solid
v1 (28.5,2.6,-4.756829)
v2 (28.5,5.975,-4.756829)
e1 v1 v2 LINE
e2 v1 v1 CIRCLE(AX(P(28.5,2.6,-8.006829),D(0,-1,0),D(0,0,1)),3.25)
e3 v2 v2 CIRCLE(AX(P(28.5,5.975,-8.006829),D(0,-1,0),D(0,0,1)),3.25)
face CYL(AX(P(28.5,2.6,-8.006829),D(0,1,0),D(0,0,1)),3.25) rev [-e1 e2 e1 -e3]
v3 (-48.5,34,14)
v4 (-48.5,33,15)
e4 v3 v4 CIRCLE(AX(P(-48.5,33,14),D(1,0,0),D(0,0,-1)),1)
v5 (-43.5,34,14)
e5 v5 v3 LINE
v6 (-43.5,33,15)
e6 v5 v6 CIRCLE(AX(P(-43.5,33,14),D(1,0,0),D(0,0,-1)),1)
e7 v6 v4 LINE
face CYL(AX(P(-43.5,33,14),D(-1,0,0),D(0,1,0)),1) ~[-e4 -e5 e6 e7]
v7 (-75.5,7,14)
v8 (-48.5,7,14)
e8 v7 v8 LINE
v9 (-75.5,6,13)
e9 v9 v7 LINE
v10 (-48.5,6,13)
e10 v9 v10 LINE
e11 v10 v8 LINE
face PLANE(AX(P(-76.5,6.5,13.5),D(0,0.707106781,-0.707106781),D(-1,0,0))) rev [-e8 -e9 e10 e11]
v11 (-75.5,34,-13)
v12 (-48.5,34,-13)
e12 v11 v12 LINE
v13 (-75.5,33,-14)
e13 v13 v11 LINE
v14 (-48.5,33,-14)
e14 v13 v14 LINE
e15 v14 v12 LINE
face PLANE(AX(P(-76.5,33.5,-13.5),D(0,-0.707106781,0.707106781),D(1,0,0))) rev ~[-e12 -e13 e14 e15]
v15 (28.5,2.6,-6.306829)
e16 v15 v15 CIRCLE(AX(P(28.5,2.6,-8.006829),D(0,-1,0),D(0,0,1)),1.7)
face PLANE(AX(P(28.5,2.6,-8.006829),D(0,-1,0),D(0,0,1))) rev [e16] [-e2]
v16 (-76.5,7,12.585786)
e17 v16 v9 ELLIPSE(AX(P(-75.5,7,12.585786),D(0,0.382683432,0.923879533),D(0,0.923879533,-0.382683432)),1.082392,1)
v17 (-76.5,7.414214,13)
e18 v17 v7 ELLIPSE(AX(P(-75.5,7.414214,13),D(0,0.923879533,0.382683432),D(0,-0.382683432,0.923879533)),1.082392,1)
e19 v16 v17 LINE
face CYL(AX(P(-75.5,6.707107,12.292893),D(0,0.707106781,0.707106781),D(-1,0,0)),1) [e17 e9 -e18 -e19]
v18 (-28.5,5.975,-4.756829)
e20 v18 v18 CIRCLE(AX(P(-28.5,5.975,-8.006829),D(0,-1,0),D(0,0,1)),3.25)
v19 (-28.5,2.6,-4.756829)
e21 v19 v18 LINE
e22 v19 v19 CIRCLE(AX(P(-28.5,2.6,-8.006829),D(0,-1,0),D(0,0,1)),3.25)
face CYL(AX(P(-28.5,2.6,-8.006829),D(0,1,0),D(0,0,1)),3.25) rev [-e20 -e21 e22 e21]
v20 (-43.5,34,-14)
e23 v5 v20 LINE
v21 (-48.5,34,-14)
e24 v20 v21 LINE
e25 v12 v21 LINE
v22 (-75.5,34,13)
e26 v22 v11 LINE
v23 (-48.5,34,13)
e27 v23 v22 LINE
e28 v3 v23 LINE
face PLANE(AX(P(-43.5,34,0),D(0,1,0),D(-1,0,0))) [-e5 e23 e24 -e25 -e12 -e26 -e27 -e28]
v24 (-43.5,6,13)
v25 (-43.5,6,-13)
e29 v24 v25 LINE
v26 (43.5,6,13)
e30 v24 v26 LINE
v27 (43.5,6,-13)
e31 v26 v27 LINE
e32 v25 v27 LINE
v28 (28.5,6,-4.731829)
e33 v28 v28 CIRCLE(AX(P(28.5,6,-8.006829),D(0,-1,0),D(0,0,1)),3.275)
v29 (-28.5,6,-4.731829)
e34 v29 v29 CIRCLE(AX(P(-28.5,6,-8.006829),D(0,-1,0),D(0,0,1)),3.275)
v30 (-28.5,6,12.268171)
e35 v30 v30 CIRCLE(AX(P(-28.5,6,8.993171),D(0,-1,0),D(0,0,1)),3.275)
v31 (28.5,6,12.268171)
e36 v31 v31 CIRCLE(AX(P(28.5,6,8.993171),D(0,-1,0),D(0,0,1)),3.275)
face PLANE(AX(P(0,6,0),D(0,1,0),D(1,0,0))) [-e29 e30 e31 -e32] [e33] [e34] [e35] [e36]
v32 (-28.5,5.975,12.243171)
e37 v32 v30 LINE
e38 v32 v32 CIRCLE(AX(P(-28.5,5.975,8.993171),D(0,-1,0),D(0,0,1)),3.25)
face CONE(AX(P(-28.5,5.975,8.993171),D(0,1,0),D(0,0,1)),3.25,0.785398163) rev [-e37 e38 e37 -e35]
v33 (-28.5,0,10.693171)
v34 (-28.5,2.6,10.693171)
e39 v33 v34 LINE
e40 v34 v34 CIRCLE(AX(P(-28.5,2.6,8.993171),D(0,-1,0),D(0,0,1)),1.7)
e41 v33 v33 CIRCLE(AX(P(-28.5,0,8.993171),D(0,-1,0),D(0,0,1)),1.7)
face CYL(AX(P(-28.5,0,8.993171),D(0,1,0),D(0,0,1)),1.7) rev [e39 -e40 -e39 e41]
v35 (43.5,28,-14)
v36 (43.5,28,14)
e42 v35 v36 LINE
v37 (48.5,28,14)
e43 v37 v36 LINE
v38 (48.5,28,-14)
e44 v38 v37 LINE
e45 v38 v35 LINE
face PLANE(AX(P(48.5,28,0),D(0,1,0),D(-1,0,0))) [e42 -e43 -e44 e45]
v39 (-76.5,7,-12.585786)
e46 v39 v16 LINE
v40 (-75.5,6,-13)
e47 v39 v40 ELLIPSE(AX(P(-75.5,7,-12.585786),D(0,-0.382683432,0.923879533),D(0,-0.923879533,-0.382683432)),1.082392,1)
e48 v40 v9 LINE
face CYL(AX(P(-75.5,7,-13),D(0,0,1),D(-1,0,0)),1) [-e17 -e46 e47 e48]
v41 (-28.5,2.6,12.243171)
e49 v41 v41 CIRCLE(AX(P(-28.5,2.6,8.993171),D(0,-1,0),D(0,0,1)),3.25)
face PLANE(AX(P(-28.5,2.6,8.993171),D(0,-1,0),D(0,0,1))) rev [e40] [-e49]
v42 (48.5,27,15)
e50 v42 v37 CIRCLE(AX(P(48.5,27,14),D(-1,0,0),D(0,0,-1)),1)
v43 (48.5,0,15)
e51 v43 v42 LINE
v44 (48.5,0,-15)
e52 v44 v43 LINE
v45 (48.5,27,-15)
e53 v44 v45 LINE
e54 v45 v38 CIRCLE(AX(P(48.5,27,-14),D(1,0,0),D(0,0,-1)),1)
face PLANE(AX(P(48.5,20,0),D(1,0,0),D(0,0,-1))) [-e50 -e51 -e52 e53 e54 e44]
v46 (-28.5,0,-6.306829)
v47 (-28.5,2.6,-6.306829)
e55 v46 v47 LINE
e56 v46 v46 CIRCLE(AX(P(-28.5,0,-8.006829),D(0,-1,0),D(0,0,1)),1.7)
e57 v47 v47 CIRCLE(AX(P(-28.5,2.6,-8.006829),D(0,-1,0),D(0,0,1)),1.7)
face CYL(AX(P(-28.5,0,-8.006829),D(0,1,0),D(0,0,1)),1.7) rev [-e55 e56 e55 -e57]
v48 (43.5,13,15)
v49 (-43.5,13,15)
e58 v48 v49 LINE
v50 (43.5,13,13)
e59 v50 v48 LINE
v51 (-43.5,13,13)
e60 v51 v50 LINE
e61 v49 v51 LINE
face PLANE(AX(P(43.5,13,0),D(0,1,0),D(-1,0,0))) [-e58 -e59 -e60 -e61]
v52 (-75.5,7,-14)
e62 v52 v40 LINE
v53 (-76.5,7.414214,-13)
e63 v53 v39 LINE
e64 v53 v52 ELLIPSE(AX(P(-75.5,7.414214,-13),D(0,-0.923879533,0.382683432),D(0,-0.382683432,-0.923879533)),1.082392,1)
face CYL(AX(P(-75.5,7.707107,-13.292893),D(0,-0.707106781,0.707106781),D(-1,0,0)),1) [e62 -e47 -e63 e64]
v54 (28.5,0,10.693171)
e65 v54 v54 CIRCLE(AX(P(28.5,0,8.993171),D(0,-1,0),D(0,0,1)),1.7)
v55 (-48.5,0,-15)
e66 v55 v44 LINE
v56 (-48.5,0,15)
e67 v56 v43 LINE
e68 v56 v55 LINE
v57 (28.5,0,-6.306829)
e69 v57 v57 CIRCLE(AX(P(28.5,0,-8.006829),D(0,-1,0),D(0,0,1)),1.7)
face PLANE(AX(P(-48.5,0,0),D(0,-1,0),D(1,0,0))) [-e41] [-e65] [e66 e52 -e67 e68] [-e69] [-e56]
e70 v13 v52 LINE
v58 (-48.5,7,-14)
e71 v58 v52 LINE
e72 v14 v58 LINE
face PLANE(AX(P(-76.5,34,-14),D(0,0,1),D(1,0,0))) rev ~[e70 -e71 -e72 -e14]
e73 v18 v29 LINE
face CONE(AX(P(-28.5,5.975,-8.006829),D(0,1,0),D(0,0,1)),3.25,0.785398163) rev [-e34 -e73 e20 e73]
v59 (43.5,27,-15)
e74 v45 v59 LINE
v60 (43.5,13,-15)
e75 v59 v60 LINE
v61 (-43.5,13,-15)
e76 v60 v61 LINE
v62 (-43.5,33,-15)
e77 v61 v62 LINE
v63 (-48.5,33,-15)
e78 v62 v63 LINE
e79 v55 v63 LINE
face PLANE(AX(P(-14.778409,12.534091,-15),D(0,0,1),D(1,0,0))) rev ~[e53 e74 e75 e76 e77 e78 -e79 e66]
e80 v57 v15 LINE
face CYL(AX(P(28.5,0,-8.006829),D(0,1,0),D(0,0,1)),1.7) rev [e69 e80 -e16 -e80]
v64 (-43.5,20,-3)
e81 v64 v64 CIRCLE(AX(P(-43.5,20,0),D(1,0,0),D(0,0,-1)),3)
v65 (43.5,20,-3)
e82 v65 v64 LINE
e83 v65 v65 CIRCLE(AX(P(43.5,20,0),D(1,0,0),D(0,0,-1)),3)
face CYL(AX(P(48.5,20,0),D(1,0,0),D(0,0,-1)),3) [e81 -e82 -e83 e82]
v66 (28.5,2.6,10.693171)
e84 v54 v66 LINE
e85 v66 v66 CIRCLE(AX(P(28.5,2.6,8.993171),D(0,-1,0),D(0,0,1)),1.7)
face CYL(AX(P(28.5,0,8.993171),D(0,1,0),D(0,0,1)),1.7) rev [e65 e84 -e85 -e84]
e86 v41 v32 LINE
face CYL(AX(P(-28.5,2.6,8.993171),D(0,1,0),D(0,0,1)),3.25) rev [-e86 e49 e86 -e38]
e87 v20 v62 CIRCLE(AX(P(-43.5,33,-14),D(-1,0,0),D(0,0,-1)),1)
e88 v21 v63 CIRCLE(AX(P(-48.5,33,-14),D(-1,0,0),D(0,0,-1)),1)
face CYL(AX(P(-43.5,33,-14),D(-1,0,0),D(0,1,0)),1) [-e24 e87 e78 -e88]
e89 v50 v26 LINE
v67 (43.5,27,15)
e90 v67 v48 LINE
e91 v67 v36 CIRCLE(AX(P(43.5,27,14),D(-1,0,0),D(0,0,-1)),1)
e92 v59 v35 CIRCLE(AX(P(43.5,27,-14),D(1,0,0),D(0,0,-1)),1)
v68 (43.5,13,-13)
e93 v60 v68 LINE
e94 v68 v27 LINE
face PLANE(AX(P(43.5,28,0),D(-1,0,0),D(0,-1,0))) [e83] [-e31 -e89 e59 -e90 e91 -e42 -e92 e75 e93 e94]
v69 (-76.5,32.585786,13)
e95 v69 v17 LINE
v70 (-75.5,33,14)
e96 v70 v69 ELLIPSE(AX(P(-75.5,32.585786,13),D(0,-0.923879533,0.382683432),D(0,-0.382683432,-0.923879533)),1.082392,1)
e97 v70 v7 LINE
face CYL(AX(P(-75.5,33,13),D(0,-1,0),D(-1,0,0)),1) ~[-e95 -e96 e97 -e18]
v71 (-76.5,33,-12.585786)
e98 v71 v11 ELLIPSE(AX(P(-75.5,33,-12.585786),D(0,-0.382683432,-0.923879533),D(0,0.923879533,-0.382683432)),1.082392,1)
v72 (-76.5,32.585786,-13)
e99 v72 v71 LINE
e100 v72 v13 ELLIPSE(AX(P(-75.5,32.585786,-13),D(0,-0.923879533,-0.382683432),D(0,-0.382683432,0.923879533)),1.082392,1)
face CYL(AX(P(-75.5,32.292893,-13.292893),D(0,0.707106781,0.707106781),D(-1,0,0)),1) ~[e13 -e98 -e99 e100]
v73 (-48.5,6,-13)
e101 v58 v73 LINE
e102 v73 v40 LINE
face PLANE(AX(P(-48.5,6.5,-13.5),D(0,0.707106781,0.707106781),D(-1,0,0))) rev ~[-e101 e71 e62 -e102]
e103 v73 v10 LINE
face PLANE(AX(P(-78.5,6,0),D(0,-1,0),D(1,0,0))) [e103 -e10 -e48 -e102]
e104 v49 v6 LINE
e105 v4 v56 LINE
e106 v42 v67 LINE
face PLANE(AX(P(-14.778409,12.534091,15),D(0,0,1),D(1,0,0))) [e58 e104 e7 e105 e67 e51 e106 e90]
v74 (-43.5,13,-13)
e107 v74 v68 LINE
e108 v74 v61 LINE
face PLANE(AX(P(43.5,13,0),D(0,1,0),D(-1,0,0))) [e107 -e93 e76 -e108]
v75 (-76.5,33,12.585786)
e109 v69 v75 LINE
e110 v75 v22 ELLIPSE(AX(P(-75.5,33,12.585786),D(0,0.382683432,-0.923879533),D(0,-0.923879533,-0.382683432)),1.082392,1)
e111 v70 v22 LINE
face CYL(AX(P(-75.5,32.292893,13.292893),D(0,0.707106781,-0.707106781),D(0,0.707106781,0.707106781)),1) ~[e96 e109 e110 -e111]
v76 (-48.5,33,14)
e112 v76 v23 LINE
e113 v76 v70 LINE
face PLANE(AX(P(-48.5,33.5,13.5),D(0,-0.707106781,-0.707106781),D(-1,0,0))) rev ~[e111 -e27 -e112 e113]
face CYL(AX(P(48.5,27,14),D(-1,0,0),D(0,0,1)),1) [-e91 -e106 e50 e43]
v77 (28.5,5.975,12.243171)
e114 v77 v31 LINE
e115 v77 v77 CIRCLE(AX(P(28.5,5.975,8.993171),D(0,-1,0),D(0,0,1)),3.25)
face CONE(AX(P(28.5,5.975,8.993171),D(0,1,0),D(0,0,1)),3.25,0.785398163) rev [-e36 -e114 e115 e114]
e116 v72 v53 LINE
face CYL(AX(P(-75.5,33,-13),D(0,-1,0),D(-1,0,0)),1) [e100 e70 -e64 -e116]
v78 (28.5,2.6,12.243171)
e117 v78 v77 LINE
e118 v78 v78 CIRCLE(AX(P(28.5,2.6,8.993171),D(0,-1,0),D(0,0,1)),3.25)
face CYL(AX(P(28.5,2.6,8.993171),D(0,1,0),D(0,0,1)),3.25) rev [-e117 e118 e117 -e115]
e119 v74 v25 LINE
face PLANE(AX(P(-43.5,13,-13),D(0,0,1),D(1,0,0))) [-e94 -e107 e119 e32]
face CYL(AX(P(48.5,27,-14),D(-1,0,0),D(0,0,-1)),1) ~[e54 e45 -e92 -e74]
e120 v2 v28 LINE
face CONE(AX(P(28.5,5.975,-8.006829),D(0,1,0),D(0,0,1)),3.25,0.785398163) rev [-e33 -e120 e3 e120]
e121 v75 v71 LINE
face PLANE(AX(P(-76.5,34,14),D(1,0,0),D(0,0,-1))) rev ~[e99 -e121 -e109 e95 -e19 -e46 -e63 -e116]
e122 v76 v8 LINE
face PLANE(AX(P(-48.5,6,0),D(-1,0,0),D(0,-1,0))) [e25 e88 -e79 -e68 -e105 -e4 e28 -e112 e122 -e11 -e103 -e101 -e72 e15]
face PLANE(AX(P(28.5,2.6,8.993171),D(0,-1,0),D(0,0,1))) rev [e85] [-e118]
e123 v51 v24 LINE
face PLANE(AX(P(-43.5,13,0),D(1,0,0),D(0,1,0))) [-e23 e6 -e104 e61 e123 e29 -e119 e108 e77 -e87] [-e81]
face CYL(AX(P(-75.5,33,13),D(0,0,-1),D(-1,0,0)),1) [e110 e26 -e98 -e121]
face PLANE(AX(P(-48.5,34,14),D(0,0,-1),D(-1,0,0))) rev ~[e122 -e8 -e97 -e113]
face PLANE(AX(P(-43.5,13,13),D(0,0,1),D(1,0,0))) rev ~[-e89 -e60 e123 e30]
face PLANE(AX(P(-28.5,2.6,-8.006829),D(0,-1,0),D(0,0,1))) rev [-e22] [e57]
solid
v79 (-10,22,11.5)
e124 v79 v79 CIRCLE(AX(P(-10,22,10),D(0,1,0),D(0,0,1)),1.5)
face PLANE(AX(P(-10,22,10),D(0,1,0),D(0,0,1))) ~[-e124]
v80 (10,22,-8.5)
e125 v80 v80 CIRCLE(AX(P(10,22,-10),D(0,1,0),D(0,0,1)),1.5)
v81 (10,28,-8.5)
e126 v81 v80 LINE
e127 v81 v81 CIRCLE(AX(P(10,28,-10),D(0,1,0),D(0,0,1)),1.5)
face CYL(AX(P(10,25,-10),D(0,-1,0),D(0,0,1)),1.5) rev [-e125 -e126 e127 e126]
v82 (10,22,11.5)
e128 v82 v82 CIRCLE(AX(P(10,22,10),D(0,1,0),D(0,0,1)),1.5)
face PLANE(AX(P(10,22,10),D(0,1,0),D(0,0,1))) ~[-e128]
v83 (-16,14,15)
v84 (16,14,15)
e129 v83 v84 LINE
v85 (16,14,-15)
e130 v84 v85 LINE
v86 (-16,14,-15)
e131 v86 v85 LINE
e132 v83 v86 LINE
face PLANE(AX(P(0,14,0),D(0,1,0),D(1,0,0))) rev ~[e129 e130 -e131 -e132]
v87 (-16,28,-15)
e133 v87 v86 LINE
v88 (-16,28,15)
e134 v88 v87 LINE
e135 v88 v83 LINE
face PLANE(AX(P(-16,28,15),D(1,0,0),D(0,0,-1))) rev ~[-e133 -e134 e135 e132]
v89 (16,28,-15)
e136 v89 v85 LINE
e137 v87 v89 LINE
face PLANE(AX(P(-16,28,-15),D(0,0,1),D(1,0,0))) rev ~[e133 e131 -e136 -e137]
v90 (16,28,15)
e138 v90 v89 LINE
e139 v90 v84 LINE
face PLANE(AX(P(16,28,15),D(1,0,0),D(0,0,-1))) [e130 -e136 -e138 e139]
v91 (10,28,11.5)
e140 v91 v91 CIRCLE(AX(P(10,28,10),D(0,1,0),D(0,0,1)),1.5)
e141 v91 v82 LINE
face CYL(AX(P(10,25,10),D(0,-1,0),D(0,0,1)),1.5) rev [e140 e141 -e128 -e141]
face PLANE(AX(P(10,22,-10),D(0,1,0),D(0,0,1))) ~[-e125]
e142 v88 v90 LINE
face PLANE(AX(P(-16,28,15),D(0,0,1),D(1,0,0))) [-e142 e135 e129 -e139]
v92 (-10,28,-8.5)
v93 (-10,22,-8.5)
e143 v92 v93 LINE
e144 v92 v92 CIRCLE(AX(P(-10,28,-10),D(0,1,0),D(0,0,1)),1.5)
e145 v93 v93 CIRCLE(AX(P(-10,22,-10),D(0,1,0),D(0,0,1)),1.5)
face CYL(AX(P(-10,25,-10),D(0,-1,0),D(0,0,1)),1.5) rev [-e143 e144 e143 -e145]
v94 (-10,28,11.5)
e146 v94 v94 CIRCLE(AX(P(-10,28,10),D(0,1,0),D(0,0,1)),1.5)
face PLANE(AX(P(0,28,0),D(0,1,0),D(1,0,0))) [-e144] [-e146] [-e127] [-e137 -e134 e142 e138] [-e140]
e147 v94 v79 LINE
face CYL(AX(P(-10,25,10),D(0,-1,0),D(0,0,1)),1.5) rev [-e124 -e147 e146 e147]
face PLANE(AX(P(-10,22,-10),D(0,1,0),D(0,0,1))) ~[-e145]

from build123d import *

# Parameters (mm, degrees)
BOSS_EXTRUDE1_DEPTH                          = 15
SKETCH2_W                                    = 87
SKETCH2_H                                    = 26
CUT_EXTRUDE1_DEPTH                           = 7
SKETCH3_R                                    = 3
BOSS_EXTRUDE2_DEPTH                          = 92
CUT_EXTRUDE2_DEPTH                           = 35
CHAMFER1_SIZE                                = 1
FILLET1_R                                    = 1
FILLET2_R                                    = 1
CBORE_FOR_M3_HEX_SOCKET_HEAD_CAP_SCR_2_COUNT = 2
CBORE_FOR_M3_HEX_SOCKET_HEAD_CAP_SCR_2_PITCH = 17
CBORE_FOR_M3_HEX_SOCKET_HEAD_CAP_SCR_3_COUNT = 2
CBORE_FOR_M3_HEX_SOCKET_HEAD_CAP_SCR_3_PITCH = 57
CBORE_FOR_M3_HEX_SOCKET_HEAD_CAP_SCR_4_COUNT = 2
CBORE_FOR_M3_HEX_SOCKET_HEAD_CAP_SCR_4_PITCH = 59.481089432
SKETCH7_W                                    = 32
SKETCH7_H                                    = 30
BOSS_EXTRUDE3_DEPTH                          = 14
SKETCH10_W                                   = 1.5
SKETCH10_H                                   = 6
HOLE1_AT_2_COUNT                             = 2
HOLE1_AT_2_PITCH                             = 20
HOLE1_AT_3_COUNT                             = 2
HOLE1_AT_3_PITCH                             = 28.284271247
HOLE1_AT_4_COUNT                             = 2
HOLE1_AT_4_PITCH                             = 20


with BuildPart() as part:
    # Sketch1 → Boss-Extrude1 (new body, symmetric)
    with BuildSketch(Plane.XY):
        Polygon((-78.5, 34), (-78.5, 6), (-48.5, 6), (-48.5, 0), (48.5, 0), (48.5, 28), (43.5, 28), (43.5, 13), (-43.5, 13), (-43.5, 34), align=None)
    extrude(amount=BOSS_EXTRUDE1_DEPTH, both=True)

    # Sketch2 → Cut-Extrude1 (cut)
    with BuildSketch(Plane(origin=(0, 13, 0), x_dir=(1, 0, 0), z_dir=(0, 1, 0))):
        Rectangle(SKETCH2_W, SKETCH2_H)
    extrude(amount=-CUT_EXTRUDE1_DEPTH, mode=Mode.SUBTRACT)

    # Sketch3 → Boss-Extrude2 (add)
    with BuildSketch(Plane(origin=(48.5, 0, 0), x_dir=(0, 0, -1), z_dir=(1, 0, 0))):
        with Locations((0, 20)):
            Circle(SKETCH3_R)
    extrude(amount=-BOSS_EXTRUDE2_DEPTH)

    # Sketch4 → Cut-Extrude2 (cut, through all)
    with BuildSketch(Plane(origin=(0, 34, 0), x_dir=(1, 0, 0), z_dir=(0, 1, 0))):
        Polygon((-48.5, -15), (-48.5, -14), (-76.5, -14), (-76.5, 14), (-48.5, 14), (-48.5, 15), (-78.5, 15), (-78.5, -15), align=None)
    extrude(amount=-CUT_EXTRUDE2_DEPTH, mode=Mode.SUBTRACT)

    # Chamfer1
    chamfer1_edges = [part.edges().sort_by_distance(p)[0] for p in [
        (-62.5, 6, -14),
        (-62.5, 6, 14),
        (-62.5, 34, 14),
        (-62.5, 34, -14),
    ]]
    chamfer(chamfer1_edges, length=CHAMFER1_SIZE)

    # Fillet1
    fillet1_edges = [part.edges().sort_by_distance(p)[0] for p in [
        (-76.5, 34, 0),
        (-76.5, 20, -14),
        (-76.5, 33.5, 13.5),
        (-76.5, 33.5, -13.5),
        (-76.5, 6.5, -13.5),
        (-76.5, 6.5, 13.5),
        (-76.5, 6, 0),
        (-76.5, 20, 14),
    ]]
    fillet(fillet1_edges, radius=FILLET1_R)

    # Fillet2
    fillet2_edges = [part.edges().sort_by_distance(p)[0] for p in [
        (-46, 34, -15),
        (46, 28, -15),
        (46, 28, 15),
        (-46, 34, 15),
    ]]
    fillet(fillet2_edges, radius=FILLET2_R)

    # Sketch6 → CBORE for M3 Hex Socket Head Cap Screw1 (revolve, cut)
    with BuildSketch(Plane(origin=(-28.5, 6, -8.006829487), x_dir=(0, 0, 1), z_dir=(1, 0, 0))):
        Polygon((0, 0), (0, 6), (1.7, 6), (1.7, 3.4), (3.25, 3.4), (3.25, 0.025), (3.275, 0), align=None)
    cbore_for_m3_hex_socket_head_cap_screw1 = revolve(axis=Axis((-28.5, 12.35, -8.006829487), (0, -1, 0)), mode=Mode.SUBTRACT)

    # CBORE for M3 Hex Socket Head Cap Scr 2: CBORE for M3 Hex Socket Head Cap Screw1 ×2
    with Locations(*[(0, 0, i * CBORE_FOR_M3_HEX_SOCKET_HEAD_CAP_SCR_2_PITCH) for i in range(1, CBORE_FOR_M3_HEX_SOCKET_HEAD_CAP_SCR_2_COUNT)]):
        add(cbore_for_m3_hex_socket_head_cap_screw1, mode=Mode.SUBTRACT)

    # CBORE for M3 Hex Socket Head Cap Scr 3: CBORE for M3 Hex Socket Head Cap Screw1 ×2
    with Locations(*[(i * CBORE_FOR_M3_HEX_SOCKET_HEAD_CAP_SCR_3_PITCH, 0, 0) for i in range(1, CBORE_FOR_M3_HEX_SOCKET_HEAD_CAP_SCR_3_COUNT)]):
        add(cbore_for_m3_hex_socket_head_cap_screw1, mode=Mode.SUBTRACT)

    # CBORE for M3 Hex Socket Head Cap Scr 4: CBORE for M3 Hex Socket Head Cap Screw1 ×2
    with Locations(*[Vector(0.958287761, 0, 0.285805122) * (i * CBORE_FOR_M3_HEX_SOCKET_HEAD_CAP_SCR_4_PITCH) for i in range(1, CBORE_FOR_M3_HEX_SOCKET_HEAD_CAP_SCR_4_COUNT)]):
        add(cbore_for_m3_hex_socket_head_cap_screw1, mode=Mode.SUBTRACT)


with BuildPart() as body_2:
    # Sketch7 → Boss-Extrude3 (new body)
    with BuildSketch(Plane(origin=(0, 28, 0), x_dir=(1, 0, 0), z_dir=(0, 1, 0))):
        Rectangle(SKETCH7_W, SKETCH7_H)
    extrude(amount=-BOSS_EXTRUDE3_DEPTH)

    # Sketch10 → Hole1 (revolve, cut)
    with BuildSketch(Plane(origin=(10, 28, -10), x_dir=(0, 0, 1), z_dir=(1, 0, 0))):
        with Locations((0.75, 3)):
            Rectangle(SKETCH10_W, SKETCH10_H)
    hole1 = revolve(axis=Axis((10, -82, -10), (0, 1, 0)), mode=Mode.SUBTRACT)

    # Hole1 at 2: Hole1 ×2
    with Locations(*[(0, 0, i * HOLE1_AT_2_PITCH) for i in range(1, HOLE1_AT_2_COUNT)]):
        add(hole1, mode=Mode.SUBTRACT)

    # Hole1 at 3: Hole1 ×2
    with Locations(*[Vector(-0.707106781, 0, 0.707106781) * (i * HOLE1_AT_3_PITCH) for i in range(1, HOLE1_AT_3_COUNT)]):
        add(hole1, mode=Mode.SUBTRACT)

    # Hole1 at 4: Hole1 ×2
    with Locations(*[(-i * HOLE1_AT_4_PITCH, 0, 0) for i in range(1, HOLE1_AT_4_COUNT)]):
        add(hole1, mode=Mode.SUBTRACT)


solid = Compound([part.part, body_2.part])
